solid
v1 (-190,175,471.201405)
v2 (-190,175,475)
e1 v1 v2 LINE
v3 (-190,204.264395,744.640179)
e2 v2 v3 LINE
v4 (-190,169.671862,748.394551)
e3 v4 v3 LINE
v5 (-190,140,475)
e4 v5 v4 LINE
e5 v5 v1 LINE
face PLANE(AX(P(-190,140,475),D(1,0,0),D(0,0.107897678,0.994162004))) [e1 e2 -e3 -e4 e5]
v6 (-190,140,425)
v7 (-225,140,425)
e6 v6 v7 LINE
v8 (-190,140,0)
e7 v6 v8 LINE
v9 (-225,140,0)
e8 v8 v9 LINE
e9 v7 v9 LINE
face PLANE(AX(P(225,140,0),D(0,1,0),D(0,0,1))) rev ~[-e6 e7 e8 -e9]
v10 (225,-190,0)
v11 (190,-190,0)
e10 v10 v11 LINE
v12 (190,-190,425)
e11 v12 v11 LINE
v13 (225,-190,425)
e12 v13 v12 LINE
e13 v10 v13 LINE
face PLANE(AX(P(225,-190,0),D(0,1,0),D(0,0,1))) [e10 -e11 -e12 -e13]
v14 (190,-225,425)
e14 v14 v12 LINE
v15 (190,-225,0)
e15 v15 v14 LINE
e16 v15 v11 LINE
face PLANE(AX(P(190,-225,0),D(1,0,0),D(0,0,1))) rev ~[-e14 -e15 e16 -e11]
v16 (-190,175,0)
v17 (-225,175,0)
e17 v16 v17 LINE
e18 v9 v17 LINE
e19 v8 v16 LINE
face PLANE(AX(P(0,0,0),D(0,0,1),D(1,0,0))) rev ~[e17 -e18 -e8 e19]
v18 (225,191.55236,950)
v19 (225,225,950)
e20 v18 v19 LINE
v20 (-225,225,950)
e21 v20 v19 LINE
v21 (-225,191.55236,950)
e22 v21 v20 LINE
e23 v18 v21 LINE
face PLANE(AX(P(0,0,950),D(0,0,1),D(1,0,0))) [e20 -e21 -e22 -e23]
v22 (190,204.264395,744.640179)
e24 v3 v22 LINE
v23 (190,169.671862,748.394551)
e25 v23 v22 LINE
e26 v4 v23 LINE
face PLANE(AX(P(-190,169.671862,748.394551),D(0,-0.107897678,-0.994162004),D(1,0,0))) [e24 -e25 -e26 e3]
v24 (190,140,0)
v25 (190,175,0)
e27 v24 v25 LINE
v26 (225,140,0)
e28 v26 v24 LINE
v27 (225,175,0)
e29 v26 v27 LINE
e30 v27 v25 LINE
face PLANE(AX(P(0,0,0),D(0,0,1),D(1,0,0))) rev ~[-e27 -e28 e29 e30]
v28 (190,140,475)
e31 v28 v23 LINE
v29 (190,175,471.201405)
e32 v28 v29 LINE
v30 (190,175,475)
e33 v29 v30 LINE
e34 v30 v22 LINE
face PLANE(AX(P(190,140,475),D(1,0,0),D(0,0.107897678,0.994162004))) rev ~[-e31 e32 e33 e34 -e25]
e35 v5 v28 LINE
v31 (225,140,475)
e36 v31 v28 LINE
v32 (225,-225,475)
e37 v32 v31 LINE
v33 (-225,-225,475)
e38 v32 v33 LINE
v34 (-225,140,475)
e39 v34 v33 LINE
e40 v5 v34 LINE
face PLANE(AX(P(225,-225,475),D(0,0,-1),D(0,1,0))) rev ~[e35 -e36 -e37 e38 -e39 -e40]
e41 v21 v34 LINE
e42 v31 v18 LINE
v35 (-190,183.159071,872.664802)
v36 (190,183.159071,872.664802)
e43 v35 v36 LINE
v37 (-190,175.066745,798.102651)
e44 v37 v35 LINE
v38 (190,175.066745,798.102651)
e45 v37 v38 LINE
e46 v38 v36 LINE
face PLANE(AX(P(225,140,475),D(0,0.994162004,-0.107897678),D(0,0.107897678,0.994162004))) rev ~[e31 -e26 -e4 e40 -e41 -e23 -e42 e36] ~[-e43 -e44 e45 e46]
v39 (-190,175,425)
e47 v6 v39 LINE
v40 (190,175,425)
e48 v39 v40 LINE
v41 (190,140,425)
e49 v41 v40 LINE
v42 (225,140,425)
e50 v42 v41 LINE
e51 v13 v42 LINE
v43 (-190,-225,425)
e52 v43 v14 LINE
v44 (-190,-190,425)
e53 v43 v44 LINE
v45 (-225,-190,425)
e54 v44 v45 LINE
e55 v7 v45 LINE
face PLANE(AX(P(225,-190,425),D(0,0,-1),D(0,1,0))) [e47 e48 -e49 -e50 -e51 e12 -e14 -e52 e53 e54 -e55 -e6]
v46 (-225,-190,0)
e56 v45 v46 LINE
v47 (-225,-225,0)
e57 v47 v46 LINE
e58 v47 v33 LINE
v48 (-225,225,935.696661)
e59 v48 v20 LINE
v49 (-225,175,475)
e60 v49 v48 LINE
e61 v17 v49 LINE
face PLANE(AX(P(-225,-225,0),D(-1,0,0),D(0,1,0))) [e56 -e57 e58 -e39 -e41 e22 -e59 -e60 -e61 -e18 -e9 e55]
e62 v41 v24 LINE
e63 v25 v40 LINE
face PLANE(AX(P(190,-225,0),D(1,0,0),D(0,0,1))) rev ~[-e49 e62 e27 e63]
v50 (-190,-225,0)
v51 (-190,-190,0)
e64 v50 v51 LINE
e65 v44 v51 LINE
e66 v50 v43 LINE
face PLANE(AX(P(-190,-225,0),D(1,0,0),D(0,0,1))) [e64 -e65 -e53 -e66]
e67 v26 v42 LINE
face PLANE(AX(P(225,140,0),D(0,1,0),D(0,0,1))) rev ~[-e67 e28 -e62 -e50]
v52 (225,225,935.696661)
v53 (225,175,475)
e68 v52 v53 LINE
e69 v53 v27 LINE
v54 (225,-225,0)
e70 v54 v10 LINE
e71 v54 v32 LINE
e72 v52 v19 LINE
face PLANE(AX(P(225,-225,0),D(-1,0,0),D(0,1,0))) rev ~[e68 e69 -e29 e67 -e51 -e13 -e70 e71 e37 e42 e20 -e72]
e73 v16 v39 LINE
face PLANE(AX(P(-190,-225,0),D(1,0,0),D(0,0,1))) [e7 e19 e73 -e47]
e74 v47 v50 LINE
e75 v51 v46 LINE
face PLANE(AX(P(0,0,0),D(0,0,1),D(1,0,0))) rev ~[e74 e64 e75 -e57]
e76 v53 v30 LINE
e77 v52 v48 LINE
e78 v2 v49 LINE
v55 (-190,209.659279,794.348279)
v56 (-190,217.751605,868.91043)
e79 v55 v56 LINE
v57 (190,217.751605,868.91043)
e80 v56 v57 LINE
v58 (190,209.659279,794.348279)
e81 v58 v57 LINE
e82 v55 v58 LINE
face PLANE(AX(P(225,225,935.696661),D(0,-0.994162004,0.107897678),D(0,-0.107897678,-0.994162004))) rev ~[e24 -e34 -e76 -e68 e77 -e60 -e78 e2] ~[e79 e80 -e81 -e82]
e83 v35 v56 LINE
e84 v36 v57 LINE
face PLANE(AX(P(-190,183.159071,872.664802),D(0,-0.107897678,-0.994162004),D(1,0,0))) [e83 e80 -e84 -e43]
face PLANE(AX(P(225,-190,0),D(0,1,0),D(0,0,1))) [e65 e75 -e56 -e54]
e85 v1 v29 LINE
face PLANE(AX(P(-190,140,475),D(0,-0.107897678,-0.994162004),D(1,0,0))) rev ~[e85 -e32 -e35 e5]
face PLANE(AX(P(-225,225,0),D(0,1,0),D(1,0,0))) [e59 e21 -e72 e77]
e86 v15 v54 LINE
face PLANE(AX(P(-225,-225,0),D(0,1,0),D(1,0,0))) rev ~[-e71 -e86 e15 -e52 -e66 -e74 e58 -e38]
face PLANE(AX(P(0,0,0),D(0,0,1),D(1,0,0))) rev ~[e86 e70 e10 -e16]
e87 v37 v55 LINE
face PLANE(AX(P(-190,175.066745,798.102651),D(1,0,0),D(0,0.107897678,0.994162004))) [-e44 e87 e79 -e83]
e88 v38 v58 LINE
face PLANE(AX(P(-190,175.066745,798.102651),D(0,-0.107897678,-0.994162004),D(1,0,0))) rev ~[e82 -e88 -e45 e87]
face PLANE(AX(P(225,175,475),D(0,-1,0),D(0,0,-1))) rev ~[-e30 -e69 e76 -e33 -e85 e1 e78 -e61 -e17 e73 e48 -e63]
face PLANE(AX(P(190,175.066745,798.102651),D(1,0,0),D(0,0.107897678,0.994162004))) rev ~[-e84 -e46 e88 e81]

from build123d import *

# Parameters (mm, degrees)
F0_W     = 450
F0_H     = 450
F1_DEPTH = 950
F2_W     = 50
F2_H     = 50
F2_H_2   = 425
F2_W_2   = 330
F3_DEPTH = 450.001
F4_W     = 380
F4_H     = 425
F5_DEPTH = 450.001
F6_W     = 380
F6_H     = 75
F6_H_2   = 275
F7_DEPTH = 135.7561676147


with BuildPart() as f1:
    # F0 (on Top) → F1 (new body)
    with BuildSketch(Plane.XY):
        Rectangle(F0_W, F0_H)
    extrude(amount=F1_DEPTH)

    # F2 (on face) → F3 (cut, through all)
    with BuildSketch(Plane.YZ.offset(225)):
        Polygon((-225, 950), (-225, 475), (140, 475), (191.5523596896, 950), align=None)
        Polygon((225, 935.6966614723), (175, 475), (225, 475), align=None)
        with Locations((200, 450)):
            Rectangle(F2_W, F2_H)
        with Locations((200, 212.5)):
            Rectangle(F2_W, F2_H_2)
        with Locations((-25, 212.5)):
            Rectangle(F2_W_2, F2_H_2)
    extrude(amount=-F3_DEPTH, mode=Mode.SUBTRACT)

    # F4 (on face) → F5 (cut, through all)
    with BuildSketch(Plane.XZ.offset(225)):
        with Locations((0, 212.5)):
            Rectangle(F4_W, F4_H)
    extrude(amount=-F5_DEPTH, mode=Mode.SUBTRACT)

    # F6 (on face) → F7 (cut, through all)
    with BuildSketch(Plane(origin=(0, 87.4179409303, -9.4875813351), x_dir=(1, 0, 0), z_dir=(0, -0.9941620044, 0.1078976784))):
        with Locations((0, 849.8326270669)):
            Rectangle(F6_W, F6_H)
        with Locations((0, 624.8326270669)):
            Rectangle(F6_W, F6_H_2)
    extrude(amount=-F7_DEPTH, mode=Mode.SUBTRACT)


solid = f1.part
